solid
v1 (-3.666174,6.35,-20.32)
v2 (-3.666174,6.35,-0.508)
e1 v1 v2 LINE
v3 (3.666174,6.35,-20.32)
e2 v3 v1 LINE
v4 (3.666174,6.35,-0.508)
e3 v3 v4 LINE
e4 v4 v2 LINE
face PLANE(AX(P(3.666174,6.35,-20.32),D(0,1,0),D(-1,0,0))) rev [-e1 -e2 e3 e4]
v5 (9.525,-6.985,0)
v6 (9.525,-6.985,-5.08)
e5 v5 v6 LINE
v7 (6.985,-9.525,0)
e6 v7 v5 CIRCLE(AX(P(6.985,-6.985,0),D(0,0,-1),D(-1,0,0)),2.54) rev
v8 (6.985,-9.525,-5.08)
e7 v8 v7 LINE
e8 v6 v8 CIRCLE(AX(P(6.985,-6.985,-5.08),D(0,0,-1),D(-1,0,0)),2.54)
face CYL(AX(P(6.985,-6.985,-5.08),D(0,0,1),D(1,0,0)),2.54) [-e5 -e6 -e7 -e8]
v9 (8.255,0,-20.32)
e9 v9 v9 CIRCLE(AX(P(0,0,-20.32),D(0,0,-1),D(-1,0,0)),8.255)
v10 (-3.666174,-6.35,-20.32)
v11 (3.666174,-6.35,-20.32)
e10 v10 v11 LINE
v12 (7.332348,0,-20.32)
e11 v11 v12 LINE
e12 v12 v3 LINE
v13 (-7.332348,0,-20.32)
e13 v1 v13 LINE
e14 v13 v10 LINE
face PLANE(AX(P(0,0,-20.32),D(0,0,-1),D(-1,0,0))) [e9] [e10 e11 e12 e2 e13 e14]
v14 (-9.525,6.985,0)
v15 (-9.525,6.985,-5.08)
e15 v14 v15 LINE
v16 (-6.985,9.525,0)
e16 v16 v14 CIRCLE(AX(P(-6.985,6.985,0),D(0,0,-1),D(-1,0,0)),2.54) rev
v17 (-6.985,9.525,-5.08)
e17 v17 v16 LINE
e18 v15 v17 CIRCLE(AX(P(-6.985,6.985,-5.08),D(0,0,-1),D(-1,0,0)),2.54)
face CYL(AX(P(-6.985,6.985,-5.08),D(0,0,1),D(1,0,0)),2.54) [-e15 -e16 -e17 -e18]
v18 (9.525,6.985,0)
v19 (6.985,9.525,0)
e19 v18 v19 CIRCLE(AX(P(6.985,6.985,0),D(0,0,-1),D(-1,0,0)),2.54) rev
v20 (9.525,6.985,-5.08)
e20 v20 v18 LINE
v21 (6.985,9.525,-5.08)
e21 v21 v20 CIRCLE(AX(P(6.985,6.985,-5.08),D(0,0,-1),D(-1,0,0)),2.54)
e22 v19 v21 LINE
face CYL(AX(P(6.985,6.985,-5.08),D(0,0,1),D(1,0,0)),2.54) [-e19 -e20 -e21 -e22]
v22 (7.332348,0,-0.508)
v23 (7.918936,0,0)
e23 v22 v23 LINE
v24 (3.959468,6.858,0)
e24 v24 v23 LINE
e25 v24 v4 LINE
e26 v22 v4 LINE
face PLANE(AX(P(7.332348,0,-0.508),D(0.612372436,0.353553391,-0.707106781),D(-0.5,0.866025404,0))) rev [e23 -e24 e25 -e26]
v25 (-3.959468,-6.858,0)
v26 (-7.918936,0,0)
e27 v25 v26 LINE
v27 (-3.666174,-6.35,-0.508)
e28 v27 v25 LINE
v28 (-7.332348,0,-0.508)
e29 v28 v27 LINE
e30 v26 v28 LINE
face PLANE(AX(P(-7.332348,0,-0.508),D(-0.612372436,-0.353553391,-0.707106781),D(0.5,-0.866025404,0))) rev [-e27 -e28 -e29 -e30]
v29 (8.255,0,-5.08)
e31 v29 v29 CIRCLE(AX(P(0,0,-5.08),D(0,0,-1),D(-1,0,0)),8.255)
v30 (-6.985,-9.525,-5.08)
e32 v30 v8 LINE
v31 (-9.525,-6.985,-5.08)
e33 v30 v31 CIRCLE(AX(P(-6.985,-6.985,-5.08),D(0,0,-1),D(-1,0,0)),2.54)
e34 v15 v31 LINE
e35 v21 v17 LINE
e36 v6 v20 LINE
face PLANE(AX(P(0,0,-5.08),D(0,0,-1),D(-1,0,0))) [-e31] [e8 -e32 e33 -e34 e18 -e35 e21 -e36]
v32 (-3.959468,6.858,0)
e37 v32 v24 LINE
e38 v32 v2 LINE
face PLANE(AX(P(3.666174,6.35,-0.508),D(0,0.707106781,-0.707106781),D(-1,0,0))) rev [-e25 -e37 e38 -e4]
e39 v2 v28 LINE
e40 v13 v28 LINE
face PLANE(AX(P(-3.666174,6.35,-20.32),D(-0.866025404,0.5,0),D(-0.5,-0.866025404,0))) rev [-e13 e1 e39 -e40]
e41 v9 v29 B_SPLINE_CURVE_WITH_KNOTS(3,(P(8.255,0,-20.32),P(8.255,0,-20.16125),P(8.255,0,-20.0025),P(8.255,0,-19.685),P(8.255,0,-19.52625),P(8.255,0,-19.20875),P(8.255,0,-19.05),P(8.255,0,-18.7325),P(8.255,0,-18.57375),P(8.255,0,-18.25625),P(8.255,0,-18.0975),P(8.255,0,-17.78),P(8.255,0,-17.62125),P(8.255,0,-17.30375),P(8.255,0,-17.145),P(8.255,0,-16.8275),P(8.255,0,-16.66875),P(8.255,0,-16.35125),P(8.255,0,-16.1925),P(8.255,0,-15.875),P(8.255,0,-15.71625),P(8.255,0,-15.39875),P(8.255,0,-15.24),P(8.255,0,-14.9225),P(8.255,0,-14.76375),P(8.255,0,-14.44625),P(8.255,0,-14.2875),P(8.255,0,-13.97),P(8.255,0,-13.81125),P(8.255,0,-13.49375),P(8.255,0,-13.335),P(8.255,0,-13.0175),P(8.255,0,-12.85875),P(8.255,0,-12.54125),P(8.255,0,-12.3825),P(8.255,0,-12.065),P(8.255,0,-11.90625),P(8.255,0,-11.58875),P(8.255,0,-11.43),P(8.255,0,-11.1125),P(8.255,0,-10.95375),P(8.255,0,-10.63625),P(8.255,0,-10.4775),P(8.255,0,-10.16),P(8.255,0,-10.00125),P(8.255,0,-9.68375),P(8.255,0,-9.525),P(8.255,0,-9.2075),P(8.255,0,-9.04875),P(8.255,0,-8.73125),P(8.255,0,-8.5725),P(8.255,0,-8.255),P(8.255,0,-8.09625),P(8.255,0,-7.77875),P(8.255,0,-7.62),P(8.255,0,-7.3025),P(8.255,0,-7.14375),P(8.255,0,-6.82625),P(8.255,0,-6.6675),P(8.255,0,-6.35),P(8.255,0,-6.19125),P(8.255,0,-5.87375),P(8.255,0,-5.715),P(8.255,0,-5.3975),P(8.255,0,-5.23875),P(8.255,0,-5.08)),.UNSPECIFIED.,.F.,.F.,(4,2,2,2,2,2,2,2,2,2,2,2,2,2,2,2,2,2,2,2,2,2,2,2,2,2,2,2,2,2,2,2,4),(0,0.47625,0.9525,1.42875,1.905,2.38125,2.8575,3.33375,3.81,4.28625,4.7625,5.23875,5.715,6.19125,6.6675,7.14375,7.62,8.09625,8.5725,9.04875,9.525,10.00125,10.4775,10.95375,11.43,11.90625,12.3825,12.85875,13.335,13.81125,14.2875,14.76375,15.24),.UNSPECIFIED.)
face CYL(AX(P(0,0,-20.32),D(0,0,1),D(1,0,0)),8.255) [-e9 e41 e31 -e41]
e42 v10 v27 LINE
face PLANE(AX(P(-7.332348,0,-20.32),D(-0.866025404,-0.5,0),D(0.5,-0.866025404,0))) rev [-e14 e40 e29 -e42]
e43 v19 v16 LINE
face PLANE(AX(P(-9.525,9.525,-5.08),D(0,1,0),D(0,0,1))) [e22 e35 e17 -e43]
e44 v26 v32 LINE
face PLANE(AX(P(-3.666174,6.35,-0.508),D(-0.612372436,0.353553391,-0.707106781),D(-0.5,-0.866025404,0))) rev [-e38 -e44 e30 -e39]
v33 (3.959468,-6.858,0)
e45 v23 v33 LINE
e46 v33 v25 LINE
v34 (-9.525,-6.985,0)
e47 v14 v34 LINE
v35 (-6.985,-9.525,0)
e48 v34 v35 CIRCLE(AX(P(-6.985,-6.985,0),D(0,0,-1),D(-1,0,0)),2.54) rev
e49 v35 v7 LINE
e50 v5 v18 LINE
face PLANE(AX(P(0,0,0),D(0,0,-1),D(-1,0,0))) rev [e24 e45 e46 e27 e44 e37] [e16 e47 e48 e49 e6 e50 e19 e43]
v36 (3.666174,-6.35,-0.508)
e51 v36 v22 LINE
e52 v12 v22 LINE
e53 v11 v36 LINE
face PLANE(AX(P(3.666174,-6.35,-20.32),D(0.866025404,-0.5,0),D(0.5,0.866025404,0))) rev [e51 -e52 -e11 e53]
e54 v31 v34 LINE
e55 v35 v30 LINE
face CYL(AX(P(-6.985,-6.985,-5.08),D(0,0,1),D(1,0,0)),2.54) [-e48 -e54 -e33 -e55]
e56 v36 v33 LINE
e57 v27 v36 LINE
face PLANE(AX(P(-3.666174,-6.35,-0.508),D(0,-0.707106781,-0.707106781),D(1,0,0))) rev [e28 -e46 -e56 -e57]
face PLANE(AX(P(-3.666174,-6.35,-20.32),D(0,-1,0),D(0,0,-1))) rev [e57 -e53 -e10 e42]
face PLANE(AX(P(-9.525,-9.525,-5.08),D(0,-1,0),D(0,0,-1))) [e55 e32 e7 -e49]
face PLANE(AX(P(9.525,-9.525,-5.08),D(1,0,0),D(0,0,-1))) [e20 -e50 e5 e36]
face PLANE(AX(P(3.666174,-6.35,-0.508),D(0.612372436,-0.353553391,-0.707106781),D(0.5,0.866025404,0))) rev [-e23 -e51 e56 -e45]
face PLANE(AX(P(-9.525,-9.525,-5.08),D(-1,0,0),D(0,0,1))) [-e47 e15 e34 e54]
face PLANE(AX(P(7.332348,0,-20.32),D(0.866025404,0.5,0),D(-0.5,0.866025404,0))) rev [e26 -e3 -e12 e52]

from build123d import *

# Parameters (mm, degrees)
SKETCH1_W           = 19.05
SKETCH1_H           = 19.05
BOSS_EXTRUDE1_DEPTH = 5.08
SKETCH2_R           = 8.255
BOSS_EXTRUDE2_DEPTH = 15.24
CUT_EXTRUDE1_DEPTH  = 25.379369352
FILLET1_R           = 2.54
CHAMFER1_SIZE       = 0.508


with BuildPart() as part:
    # Sketch1 → Boss-Extrude1 (new body)
    with BuildSketch(Plane.XY):
        Rectangle(SKETCH1_W, SKETCH1_H)
    extrude(amount=-BOSS_EXTRUDE1_DEPTH)

    # Sketch2 → Boss-Extrude2 (add)
    with BuildSketch(Plane(origin=(0, 0, -5.08), x_dir=(-1, 0, 0), z_dir=(0, 0, -1))):
        with Locations(Location((0, 0, 0), (0, 0, 180))):
            Circle(SKETCH2_R)
    extrude(amount=BOSS_EXTRUDE2_DEPTH)

    # Sketch3 → Cut-Extrude1 (cut, through all)
    with BuildSketch(Plane.XY):
        Polygon((3.666174209, 6.35), (-3.666174209, 6.35), (-7.332348419, 0), (-3.666174209, -6.35), (3.666174209, -6.35), (7.332348419, 0), align=None)
    extrude(amount=-CUT_EXTRUDE1_DEPTH, mode=Mode.SUBTRACT)

    # Fillet1
    fillet1_edges = [part.edges().sort_by_distance(p)[0] for p in [
        (9.525, -9.525, -2.54),
        (-9.525, -9.525, -2.54),
        (-9.525, 9.525, -2.54),
        (9.525, 9.525, -2.54),
    ]]
    fillet(fillet1_edges, radius=FILLET1_R)

    # Chamfer1
    chamfer1_edges = [part.edges().sort_by_distance(p)[0] for p in [
        (5.499261314, 3.175, 0),
        (0, 6.35, 0),
        (-5.499261314, 3.175, 0),
        (-5.499261314, -3.175, 0),
        (0, -6.35, 0),
        (5.499261314, -3.175, 0),
    ]]
    chamfer(chamfer1_edges, length=CHAMFER1_SIZE)


solid = part.part
